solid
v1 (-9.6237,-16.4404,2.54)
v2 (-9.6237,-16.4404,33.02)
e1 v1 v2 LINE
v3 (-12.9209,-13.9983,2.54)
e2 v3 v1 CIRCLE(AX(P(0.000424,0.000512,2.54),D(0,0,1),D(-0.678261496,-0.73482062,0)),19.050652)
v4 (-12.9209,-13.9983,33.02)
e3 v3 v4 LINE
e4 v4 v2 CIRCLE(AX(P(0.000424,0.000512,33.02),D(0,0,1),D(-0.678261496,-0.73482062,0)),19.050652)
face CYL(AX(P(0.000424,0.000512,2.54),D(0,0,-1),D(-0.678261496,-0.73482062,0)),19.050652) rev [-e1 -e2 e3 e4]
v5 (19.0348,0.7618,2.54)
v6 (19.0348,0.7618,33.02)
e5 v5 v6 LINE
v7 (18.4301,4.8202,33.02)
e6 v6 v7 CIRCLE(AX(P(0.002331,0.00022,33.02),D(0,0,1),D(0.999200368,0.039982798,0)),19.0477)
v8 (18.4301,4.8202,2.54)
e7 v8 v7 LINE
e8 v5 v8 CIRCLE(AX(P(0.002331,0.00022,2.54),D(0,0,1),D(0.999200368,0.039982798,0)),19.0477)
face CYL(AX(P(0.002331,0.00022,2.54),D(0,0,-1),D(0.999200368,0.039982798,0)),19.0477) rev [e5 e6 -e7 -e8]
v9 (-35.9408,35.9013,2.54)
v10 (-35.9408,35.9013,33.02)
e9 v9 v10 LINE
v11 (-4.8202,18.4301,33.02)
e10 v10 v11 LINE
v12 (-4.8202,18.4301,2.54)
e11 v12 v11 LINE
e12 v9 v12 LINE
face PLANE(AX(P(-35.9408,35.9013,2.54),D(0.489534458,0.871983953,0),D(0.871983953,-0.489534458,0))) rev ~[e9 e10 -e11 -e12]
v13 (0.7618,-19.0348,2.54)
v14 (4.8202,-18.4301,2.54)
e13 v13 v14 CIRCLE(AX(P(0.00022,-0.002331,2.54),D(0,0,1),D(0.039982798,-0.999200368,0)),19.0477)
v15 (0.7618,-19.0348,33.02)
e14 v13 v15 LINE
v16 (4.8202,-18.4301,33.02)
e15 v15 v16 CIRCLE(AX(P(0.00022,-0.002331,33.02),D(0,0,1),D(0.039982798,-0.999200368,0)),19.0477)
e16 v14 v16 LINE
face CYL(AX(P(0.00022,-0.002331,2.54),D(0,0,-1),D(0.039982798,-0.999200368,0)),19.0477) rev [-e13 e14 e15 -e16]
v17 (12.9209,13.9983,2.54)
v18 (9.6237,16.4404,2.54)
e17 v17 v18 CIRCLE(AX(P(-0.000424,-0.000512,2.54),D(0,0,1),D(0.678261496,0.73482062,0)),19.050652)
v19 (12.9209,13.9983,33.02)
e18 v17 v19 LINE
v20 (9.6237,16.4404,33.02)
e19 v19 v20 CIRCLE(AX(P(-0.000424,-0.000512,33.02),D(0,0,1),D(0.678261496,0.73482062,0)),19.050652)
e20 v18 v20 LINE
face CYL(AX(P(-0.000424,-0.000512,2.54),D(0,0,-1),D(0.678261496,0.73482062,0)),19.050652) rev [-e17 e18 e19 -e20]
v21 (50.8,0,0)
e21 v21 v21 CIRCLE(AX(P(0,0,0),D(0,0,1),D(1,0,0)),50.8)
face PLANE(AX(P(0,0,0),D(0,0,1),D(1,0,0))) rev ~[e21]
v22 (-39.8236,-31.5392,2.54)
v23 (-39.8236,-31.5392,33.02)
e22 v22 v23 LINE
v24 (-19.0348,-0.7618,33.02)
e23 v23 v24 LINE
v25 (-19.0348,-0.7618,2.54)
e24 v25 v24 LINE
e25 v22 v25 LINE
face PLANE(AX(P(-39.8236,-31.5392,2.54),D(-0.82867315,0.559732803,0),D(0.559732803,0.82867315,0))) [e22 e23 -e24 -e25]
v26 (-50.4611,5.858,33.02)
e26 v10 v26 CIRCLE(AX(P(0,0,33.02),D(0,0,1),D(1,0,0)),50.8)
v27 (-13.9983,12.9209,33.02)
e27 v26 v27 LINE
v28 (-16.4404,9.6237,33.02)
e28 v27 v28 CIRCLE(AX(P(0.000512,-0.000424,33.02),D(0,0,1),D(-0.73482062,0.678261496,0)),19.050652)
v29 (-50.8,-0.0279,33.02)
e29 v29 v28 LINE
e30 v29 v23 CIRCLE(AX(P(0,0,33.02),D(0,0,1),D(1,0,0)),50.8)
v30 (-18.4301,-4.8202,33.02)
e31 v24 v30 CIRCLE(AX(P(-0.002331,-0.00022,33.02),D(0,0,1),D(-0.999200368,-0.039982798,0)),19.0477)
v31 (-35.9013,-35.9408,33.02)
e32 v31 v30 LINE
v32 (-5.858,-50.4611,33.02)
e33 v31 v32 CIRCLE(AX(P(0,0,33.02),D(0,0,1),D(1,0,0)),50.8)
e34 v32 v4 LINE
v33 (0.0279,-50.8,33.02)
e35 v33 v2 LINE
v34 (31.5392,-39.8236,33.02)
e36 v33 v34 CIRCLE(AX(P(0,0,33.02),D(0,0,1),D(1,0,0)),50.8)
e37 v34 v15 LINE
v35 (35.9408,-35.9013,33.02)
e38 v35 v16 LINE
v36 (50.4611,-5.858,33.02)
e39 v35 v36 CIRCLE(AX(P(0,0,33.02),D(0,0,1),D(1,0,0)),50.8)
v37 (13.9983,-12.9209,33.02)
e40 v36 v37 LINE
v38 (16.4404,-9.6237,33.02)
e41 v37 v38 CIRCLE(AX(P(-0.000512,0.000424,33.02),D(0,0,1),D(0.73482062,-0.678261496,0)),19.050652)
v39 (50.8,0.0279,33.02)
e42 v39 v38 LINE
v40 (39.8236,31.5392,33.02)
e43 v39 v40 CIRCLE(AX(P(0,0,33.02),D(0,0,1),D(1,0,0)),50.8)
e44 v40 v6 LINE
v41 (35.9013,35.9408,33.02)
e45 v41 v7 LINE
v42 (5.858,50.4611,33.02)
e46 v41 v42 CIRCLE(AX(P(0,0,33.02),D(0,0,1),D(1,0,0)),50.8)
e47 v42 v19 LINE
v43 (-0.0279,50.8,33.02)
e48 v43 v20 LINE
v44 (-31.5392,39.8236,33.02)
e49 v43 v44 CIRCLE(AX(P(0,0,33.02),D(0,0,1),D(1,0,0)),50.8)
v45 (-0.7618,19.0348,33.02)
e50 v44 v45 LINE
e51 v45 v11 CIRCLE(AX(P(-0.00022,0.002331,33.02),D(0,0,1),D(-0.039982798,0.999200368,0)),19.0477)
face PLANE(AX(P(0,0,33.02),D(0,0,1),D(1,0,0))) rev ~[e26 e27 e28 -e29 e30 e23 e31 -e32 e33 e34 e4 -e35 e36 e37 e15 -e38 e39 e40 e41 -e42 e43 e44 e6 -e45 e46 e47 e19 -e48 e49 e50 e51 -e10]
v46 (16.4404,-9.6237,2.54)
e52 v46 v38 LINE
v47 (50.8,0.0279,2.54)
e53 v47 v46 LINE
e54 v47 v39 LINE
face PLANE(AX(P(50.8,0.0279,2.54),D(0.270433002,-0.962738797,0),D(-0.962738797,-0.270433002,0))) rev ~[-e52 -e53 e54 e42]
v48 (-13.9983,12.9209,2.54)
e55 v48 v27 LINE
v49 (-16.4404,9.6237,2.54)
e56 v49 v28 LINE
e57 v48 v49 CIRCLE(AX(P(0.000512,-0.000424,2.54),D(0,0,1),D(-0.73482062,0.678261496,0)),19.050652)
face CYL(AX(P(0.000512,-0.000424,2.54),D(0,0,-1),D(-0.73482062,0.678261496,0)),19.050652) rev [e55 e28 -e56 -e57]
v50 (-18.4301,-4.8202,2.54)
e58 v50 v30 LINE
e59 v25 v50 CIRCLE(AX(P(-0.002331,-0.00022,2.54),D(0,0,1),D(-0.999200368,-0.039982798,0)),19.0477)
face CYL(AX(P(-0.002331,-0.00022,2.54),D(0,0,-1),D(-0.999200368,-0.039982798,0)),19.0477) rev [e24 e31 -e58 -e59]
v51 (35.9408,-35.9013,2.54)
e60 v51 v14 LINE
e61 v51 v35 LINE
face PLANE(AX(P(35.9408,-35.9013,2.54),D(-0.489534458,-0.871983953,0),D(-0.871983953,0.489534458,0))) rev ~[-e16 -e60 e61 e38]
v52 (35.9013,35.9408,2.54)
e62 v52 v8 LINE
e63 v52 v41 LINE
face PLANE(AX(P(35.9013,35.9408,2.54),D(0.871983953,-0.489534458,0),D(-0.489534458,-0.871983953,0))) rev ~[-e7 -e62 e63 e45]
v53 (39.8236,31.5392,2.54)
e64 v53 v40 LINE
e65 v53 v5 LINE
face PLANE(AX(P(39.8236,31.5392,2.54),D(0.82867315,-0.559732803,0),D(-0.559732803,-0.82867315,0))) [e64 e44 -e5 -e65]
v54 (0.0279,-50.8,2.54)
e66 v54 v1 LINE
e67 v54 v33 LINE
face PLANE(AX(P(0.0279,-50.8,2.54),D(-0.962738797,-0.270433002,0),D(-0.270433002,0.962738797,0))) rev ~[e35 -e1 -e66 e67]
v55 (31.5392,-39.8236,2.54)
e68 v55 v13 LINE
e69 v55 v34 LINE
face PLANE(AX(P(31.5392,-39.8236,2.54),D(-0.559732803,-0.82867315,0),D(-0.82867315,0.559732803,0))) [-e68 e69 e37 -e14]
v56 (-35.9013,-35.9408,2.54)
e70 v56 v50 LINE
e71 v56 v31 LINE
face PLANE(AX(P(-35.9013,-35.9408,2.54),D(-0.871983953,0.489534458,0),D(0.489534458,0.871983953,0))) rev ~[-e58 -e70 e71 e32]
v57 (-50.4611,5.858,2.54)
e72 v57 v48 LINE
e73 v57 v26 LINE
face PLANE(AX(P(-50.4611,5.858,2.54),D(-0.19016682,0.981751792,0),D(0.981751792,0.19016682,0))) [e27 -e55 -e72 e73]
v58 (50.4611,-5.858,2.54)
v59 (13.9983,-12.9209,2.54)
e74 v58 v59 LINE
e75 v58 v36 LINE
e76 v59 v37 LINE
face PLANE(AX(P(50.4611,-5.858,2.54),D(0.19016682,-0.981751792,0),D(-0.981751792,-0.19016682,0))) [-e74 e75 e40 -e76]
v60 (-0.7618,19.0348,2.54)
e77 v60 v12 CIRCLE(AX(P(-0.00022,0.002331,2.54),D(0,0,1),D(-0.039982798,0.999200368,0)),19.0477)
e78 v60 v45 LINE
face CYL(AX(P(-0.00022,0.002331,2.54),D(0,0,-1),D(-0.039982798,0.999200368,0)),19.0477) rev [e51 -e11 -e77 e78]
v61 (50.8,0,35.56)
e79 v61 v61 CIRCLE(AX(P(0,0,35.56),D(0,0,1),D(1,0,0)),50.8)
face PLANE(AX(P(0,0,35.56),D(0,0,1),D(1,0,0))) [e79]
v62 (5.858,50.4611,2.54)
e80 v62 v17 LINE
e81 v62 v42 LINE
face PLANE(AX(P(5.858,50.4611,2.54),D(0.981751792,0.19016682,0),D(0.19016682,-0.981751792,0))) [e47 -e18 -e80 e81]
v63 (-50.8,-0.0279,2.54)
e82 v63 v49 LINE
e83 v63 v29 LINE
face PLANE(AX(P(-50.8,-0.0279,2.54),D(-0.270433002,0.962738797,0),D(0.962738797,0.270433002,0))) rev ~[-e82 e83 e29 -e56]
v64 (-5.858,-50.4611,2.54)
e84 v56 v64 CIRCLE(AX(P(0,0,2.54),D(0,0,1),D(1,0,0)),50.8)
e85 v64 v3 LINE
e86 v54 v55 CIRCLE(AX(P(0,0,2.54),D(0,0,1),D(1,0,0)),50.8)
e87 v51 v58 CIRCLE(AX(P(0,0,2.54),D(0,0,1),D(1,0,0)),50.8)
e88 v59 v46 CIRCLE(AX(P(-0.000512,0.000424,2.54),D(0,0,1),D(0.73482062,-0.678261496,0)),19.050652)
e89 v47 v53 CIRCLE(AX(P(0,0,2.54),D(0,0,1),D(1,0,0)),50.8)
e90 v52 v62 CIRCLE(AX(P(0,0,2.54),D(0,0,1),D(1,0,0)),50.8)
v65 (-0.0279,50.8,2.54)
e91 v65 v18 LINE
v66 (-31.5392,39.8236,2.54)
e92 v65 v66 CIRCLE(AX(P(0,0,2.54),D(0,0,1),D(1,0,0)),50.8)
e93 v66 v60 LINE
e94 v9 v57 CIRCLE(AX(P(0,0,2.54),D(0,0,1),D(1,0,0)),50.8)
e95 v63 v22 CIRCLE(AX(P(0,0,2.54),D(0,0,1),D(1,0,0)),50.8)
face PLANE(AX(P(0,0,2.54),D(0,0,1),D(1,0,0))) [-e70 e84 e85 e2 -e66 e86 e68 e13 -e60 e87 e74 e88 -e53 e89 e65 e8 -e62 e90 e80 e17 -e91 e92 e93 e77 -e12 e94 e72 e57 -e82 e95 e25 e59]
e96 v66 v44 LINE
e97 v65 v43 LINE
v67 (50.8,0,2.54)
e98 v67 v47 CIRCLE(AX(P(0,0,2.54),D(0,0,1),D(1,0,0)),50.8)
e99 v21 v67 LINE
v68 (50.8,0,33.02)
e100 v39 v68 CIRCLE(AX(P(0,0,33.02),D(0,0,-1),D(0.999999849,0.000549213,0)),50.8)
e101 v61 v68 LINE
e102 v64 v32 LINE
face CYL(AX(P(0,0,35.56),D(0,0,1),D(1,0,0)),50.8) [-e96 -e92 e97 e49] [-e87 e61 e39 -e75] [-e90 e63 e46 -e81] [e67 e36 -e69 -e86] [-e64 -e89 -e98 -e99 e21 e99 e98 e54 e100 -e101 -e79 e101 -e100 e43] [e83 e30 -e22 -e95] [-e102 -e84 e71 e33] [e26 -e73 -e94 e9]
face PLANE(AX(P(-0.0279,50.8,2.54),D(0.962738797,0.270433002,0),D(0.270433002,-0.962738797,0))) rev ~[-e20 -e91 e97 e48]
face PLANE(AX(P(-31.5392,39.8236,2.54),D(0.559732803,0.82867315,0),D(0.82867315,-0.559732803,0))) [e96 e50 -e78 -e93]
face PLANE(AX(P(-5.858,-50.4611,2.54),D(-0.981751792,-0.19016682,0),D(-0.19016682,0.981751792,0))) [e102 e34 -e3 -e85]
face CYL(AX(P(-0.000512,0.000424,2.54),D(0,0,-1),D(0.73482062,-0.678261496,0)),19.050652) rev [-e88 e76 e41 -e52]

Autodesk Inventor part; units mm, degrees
ref_plane "YZ Plane" through (0, 0, 0) normal (1, 0, 0) x (0, 1, 0)
ref_plane "XZ Plane" through (0, 0, 0) normal (0, 1, 0) x (-1, 0, 0)
sketch "Sketch1" plane through (0, 0, 0) normal (0, 0, 1) x (1, 0, 0)
  circle A0 centre (0, 0) radius 50.8
  dimension "d0" = 101.6
extrude "Extrusion1" add sketch "Sketch1" along normal blind 2.54
sketch "Sketch2" plane through (0, 0, 2.54) normal (0, 0, 1) x (1, 0, 0)
  circle A0 centre (0, 0) radius 50.8 projected
  arc A1 (5.858, 50.4611) -> (-0.0279, 50.8) centre (0, 0) ccw
  arc A2 (12.9209, 13.9983) -> (9.6237, 16.4404) centre (0, 0) ccw
  line L0 (-0.0279, 50.8) -> (9.6237, 16.4404)
  line L1 (5.858, 50.4611) -> (12.9209, 13.9983)
  arc A3 (39.8236, 31.5392) -> (35.9013, 35.9408) centre (0, 0) ccw
  arc A4 (19.0348, 0.7618) -> (18.4301, 4.8202) centre (0, 0) ccw
  line L2 (35.9013, 35.9408) -> (18.4301, 4.8202)
  line L3 (39.8236, 31.5392) -> (19.0348, 0.7618)
  arc A5 (50.4611, -5.858) -> (50.8, 0.0279) centre (0, 0) ccw
  arc A6 (13.9983, -12.9209) -> (16.4404, -9.6237) centre (0, 0) ccw
  line L4 (50.8, 0.0279) -> (16.4404, -9.6237)
  line L5 (50.4611, -5.858) -> (13.9983, -12.9209)
  arc A7 (31.5392, -39.8236) -> (35.9408, -35.9013) centre (0, 0) ccw
  arc A8 (0.7618, -19.0348) -> (4.8202, -18.4301) centre (0, 0) ccw
  line L6 (35.9408, -35.9013) -> (4.8202, -18.4301)
  line L7 (31.5392, -39.8236) -> (0.7618, -19.0348)
  arc A9 (-5.858, -50.4611) -> (0.0279, -50.8) centre (0, 0) ccw
  arc A10 (-12.9209, -13.9983) -> (-9.6237, -16.4404) centre (0, 0) ccw
  line L8 (0.0279, -50.8) -> (-9.6237, -16.4404)
  line L9 (-5.858, -50.4611) -> (-12.9209, -13.9983)
  arc A11 (-39.8236, -31.5392) -> (-35.9013, -35.9408) centre (0, 0) ccw
  arc A12 (-19.0348, -0.7618) -> (-18.4301, -4.8202) centre (0, 0) ccw
  line L10 (-35.9013, -35.9408) -> (-18.4301, -4.8202)
  line L11 (-39.8236, -31.5392) -> (-19.0348, -0.7618)
  arc A13 (-50.4611, 5.858) -> (-50.8, -0.0279) centre (0, 0) ccw
  arc A14 (-13.9983, 12.9209) -> (-16.4404, 9.6237) centre (0, 0) ccw
  line L12 (-50.8, -0.0279) -> (-16.4404, 9.6237)
  line L13 (-50.4611, 5.858) -> (-13.9983, 12.9209)
  arc A15 (-31.5392, 39.8236) -> (-35.9408, 35.9013) centre (0, 0) ccw
  arc A16 (-0.7618, 19.0348) -> (-4.8202, 18.4301) centre (0, 0) ccw
  line L14 (-35.9408, 35.9013) -> (-4.8202, 18.4301)
  line L15 (-31.5392, 39.8236) -> (-0.7618, 19.0348)
  dimension "d7" = 360
extrude "Extrusion2" add sketch "Sketch2" along normal blind 30.48 contours A0 L5 A6 L4 | L3 A4 L2 A0 | A0 L7 A8 L6 | L1 A2 L0 A0 | A0 L9 A10 L8 | L15 A16 L14 A0 | A0 L11 A12 L10 | L13 A14 L12 A0
ref_plane "Work Plane1" through (0, 0, 35.56) normal (0, 0, 1) x (1, 0, 0)
sketch "Sketch3" plane through (0, 0, 35.56) normal (0, 0, 1) x (1, 0, 0)
  circle A0 centre (0, 0) radius 50.8
  dimension "d12" = 101.6
extrude "Extrusion3" add sketch "Sketch3" against normal blind 2.54
properties part number "Box fan"
